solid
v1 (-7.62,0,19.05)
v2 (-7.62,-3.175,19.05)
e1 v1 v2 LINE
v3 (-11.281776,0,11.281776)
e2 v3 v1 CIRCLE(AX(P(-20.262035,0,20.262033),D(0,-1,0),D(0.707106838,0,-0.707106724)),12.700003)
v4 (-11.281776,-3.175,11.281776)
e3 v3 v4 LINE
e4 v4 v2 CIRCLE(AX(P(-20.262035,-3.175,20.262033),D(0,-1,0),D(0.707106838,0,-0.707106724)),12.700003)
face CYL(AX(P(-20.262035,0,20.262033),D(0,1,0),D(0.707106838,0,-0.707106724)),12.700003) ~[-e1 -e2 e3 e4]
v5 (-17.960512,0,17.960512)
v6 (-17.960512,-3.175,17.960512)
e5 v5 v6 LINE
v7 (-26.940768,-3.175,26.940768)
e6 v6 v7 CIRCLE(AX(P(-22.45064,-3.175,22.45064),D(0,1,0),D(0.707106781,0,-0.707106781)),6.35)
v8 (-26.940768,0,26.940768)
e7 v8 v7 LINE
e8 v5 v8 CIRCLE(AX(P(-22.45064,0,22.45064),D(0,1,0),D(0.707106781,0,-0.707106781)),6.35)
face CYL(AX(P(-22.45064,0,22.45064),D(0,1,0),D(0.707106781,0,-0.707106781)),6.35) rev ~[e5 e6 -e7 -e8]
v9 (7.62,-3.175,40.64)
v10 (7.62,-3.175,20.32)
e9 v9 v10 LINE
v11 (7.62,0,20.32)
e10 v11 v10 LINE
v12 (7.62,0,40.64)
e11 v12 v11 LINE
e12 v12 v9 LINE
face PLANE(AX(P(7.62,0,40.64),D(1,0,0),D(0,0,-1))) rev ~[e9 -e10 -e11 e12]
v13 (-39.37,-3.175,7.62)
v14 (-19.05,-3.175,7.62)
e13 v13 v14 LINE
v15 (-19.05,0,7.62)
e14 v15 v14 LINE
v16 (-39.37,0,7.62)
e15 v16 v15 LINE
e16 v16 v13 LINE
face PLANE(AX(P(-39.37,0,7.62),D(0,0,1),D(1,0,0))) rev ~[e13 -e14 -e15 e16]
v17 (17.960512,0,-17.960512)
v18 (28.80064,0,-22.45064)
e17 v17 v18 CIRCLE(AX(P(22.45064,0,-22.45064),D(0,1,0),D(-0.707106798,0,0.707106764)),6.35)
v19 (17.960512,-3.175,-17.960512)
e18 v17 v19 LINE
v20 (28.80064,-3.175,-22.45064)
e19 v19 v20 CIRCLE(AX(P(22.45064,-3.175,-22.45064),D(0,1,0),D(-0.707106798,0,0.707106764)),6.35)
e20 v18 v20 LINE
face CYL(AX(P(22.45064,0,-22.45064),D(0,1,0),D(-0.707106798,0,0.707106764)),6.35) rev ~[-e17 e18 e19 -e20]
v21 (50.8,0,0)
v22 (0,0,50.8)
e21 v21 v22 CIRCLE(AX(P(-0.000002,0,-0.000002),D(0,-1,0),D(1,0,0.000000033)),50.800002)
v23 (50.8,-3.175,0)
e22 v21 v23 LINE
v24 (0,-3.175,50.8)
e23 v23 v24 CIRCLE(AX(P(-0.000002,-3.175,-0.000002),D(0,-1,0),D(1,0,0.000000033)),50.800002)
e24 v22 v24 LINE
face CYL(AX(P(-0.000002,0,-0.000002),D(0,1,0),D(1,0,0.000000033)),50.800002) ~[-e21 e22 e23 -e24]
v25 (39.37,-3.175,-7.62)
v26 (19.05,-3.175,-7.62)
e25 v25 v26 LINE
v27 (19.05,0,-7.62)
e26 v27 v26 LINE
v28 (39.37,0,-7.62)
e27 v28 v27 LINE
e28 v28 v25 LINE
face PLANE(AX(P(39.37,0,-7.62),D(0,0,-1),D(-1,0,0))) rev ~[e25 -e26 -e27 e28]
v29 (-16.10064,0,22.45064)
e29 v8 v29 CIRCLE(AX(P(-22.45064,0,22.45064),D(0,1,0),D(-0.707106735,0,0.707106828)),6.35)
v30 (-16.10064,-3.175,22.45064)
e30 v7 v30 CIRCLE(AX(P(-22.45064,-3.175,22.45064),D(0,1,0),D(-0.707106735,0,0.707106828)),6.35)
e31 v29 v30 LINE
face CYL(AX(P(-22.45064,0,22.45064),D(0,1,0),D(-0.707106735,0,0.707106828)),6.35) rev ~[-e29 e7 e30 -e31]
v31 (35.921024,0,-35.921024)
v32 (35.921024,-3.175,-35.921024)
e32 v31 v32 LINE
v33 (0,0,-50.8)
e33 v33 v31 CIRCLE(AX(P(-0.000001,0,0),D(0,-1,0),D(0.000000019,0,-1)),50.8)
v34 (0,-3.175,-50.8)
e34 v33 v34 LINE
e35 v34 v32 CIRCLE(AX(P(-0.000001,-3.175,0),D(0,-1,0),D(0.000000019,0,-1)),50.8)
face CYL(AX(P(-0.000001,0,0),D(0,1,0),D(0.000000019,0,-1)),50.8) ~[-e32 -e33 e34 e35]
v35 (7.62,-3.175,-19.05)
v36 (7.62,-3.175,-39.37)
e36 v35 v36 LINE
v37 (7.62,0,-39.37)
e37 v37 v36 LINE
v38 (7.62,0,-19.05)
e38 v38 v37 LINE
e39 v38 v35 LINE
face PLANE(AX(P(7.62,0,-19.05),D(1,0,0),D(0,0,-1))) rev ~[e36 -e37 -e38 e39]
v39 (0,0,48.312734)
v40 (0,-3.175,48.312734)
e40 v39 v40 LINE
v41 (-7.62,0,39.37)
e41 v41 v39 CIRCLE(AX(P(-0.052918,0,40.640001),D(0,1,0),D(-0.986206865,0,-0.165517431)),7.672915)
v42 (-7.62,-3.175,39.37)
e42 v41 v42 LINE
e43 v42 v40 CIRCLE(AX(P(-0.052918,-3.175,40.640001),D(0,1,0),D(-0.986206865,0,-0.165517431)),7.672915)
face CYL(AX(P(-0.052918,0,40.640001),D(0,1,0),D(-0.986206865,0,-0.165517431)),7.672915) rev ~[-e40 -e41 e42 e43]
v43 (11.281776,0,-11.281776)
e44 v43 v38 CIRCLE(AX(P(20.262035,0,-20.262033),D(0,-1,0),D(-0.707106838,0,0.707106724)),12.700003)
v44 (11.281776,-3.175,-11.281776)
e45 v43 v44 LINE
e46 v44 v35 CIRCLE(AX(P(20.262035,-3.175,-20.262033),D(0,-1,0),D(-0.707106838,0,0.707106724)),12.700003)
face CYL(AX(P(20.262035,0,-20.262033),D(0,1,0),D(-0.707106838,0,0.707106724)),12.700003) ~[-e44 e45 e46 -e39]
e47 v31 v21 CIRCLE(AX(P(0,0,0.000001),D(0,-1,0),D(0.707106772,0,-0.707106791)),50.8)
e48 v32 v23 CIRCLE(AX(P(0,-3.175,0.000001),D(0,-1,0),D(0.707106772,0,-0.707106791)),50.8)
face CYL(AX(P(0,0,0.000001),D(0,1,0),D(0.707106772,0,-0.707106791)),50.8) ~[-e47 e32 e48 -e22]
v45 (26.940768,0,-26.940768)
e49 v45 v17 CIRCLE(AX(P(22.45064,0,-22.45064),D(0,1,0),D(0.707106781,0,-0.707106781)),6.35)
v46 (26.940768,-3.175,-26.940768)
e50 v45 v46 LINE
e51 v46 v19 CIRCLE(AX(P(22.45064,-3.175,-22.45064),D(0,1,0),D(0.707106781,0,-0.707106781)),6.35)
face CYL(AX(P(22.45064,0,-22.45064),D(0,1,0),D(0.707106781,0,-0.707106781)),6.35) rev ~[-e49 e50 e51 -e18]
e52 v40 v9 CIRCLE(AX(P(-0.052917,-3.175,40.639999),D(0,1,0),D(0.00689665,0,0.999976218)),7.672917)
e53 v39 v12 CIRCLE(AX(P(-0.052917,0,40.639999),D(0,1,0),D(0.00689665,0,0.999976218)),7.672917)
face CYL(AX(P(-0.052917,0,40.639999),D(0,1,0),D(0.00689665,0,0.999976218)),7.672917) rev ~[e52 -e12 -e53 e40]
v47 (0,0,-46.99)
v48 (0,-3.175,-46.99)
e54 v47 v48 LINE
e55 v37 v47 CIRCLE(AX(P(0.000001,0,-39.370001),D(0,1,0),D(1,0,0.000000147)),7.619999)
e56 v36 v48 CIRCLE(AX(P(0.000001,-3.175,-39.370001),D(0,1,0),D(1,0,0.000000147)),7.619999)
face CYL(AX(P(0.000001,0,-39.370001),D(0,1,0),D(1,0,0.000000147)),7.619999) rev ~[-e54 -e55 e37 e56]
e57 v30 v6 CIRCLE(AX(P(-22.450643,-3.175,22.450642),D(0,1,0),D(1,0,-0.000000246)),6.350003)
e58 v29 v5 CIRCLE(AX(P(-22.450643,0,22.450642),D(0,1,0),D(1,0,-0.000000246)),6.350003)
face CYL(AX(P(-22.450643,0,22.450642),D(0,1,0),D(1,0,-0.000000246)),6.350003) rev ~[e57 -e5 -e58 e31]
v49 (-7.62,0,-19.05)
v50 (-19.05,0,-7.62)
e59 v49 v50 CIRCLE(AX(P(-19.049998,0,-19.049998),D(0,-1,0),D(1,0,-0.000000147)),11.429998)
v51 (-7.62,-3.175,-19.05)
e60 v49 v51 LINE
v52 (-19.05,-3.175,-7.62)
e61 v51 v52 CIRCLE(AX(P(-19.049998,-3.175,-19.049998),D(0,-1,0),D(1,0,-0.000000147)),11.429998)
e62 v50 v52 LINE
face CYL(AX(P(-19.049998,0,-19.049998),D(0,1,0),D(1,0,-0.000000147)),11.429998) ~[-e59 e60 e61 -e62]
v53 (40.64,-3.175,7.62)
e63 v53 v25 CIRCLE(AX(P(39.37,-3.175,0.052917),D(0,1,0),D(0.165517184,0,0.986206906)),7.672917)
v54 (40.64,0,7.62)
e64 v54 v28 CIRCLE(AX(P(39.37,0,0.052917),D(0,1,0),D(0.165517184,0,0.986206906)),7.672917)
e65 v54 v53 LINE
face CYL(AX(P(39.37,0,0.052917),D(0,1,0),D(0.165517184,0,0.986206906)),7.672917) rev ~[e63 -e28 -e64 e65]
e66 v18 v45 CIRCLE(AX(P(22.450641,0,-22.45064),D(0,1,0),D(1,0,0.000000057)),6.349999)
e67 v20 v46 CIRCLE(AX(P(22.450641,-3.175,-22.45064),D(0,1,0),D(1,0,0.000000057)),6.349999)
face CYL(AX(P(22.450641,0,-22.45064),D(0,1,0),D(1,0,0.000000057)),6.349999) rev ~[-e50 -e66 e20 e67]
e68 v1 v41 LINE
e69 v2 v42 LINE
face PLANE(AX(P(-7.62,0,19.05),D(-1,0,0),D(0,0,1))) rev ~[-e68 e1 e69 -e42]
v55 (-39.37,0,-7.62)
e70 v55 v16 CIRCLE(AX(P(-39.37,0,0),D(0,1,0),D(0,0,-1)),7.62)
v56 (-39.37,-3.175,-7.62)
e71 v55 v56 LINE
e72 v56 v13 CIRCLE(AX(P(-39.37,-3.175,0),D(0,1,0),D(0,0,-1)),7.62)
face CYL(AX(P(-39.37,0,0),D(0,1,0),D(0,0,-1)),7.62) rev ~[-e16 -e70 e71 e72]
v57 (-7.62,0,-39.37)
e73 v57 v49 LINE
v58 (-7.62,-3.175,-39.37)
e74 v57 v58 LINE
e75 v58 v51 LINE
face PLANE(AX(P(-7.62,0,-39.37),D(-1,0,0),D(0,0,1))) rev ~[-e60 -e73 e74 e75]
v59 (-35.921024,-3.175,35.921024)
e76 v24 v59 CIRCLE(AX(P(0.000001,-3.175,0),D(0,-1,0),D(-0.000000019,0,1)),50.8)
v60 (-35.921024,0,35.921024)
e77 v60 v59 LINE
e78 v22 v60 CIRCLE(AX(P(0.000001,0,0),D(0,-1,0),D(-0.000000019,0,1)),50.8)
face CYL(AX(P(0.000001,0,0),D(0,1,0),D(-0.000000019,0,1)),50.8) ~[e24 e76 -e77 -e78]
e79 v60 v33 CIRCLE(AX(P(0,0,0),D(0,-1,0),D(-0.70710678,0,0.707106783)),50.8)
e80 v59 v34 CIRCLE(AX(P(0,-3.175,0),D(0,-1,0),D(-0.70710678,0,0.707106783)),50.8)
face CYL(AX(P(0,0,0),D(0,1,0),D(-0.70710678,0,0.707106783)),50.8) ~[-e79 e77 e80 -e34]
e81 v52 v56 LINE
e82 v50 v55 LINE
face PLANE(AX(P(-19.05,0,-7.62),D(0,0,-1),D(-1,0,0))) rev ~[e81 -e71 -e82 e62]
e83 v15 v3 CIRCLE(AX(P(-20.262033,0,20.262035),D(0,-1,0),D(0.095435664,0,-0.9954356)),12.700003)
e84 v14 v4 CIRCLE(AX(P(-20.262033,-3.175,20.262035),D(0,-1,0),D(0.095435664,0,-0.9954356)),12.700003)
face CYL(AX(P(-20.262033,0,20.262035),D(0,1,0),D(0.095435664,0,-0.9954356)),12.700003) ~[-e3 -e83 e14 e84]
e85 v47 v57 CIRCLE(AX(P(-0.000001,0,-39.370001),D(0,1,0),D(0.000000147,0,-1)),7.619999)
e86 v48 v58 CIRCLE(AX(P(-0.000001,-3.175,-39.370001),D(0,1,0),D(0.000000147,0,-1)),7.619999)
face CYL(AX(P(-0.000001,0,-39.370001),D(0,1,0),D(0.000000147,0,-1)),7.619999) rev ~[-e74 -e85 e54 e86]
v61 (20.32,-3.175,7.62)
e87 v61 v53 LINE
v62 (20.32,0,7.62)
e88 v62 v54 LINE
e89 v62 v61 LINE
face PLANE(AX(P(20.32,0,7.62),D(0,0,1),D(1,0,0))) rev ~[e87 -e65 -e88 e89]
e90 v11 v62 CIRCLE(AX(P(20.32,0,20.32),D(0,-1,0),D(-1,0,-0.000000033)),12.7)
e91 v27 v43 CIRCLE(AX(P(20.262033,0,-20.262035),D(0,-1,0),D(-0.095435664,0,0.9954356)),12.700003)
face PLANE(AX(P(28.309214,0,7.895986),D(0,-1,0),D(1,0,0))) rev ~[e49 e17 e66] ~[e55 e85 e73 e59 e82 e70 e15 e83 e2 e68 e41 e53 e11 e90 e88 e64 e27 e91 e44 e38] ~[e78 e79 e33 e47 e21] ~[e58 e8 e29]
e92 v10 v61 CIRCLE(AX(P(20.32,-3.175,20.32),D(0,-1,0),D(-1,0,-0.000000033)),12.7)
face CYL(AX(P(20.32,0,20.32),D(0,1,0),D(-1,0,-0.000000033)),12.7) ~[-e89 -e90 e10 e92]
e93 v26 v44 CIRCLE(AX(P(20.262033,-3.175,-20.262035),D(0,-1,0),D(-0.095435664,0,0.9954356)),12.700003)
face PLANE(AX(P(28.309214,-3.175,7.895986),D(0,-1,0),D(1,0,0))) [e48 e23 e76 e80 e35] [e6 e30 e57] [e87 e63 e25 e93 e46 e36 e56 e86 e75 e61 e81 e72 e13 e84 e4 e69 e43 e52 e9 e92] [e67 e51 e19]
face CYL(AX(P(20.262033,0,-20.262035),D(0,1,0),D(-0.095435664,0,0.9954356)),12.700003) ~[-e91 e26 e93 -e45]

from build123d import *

# Parameters (mm, degrees)
F1_DEPTH = 3.175


with BuildPart() as f1:
    # F0 (on Front) → F1 (new body)
    with BuildSketch(Plane.XZ):
        with BuildLine():
            ThreePointArc((35.921024, -35.921024), (46.93308, -19.440318), (50.8, 0))
            ThreePointArc((50.8, 0), (35.921024, 35.921024), (0, 50.8))
            Line((0, 50.8), (0, 48.312734))
            ThreePointArc((0, 48.312734), (5.391331, 46.04683), (7.62, 40.64))
            Line((7.62, 40.64), (7.62, 20.32))
            ThreePointArc((7.62, 20.32), (11.339744, 11.339744), (20.32, 7.62))
            Line((20.32, 7.62), (40.64, 7.62))
            ThreePointArc((40.64, 7.62), (47.016413, -0.584284), (39.37, -7.62))
            Line((39.37, -7.62), (19.05, -7.62))
            ThreePointArc((19.05, -7.62), (14.846976, -8.774336), (11.281776, -11.281776))
            Line((11.281776, -11.281776), (17.960512, -17.960512))
            ThreePointArc((17.960512, -17.960512), (24.88068, -16.584005), (28.80064, -22.45064))
            ThreePointArc((28.80064, -22.45064), (28.317275, -24.88068), (26.940768, -26.940768))
            Line((26.940768, -26.940768), (35.921024, -35.921024))
        make_face()
        with BuildLine():
            Line((0, 48.312734), (0, 50.8))
            ThreePointArc((0, 50.8), (-19.440318, 46.93308), (-35.921024, 35.921024))
            Line((-35.921024, 35.921024), (-26.940768, 26.940768))
            ThreePointArc((-26.940768, 26.940768), (-20.020601, 28.317275), (-16.10064, 22.45064))
            ThreePointArc((-16.10064, 22.45064), (-16.584005, 20.020601), (-17.960512, 17.960512))
            Line((-17.960512, 17.960512), (-11.281776, 11.281776))
            ThreePointArc((-11.281776, 11.281776), (-8.774336, 14.846976), (-7.62, 19.05))
            Line((-7.62, 19.05), (-7.62, 39.37))
            ThreePointArc((-7.62, 39.37), (-5.893191, 45.61643), (0, 48.312734))
        make_face()
        with BuildLine():
            ThreePointArc((0, -50.8), (19.440318, -46.93308), (35.921024, -35.921024))
            Line((35.921024, -35.921024), (26.940768, -26.940768))
            ThreePointArc((26.940768, -26.940768), (17.960512, -26.940768), (17.960512, -17.960512))
            Line((17.960512, -17.960512), (11.281776, -11.281776))
            ThreePointArc((11.281776, -11.281776), (8.774336, -14.846976), (7.62, -19.05))
            Line((7.62, -19.05), (7.62, -39.37))
            ThreePointArc((7.62, -39.37), (5.388154, -44.758154), (0, -46.99))
            Line((0, -46.99), (0, -50.8))
        make_face()
        with BuildLine():
            Line((-26.940768, 26.940768), (-35.921024, 35.921024))
            ThreePointArc((-35.921024, 35.921024), (-46.93308, -19.440318), (0, -50.8))
            Line((0, -50.8), (0, -46.99))
            ThreePointArc((0, -46.99), (-5.388154, -44.758154), (-7.62, -39.37))
            Line((-7.62, -39.37), (-7.62, -19.05))
            ThreePointArc((-7.62, -19.05), (-10.967769, -10.967769), (-19.05, -7.62))
            Line((-19.05, -7.62), (-39.37, -7.62))
            ThreePointArc((-39.37, -7.62), (-46.99, 0), (-39.37, 7.62))
            Line((-39.37, 7.62), (-19.05, 7.62))
            ThreePointArc((-19.05, 7.62), (-14.846976, 8.774336), (-11.281776, 11.281776))
            Line((-11.281776, 11.281776), (-17.960512, 17.960512))
            ThreePointArc((-17.960512, 17.960512), (-26.940768, 17.960512), (-26.940768, 26.940768))
        make_face()
    extrude(amount=F1_DEPTH)


solid = f1.part
